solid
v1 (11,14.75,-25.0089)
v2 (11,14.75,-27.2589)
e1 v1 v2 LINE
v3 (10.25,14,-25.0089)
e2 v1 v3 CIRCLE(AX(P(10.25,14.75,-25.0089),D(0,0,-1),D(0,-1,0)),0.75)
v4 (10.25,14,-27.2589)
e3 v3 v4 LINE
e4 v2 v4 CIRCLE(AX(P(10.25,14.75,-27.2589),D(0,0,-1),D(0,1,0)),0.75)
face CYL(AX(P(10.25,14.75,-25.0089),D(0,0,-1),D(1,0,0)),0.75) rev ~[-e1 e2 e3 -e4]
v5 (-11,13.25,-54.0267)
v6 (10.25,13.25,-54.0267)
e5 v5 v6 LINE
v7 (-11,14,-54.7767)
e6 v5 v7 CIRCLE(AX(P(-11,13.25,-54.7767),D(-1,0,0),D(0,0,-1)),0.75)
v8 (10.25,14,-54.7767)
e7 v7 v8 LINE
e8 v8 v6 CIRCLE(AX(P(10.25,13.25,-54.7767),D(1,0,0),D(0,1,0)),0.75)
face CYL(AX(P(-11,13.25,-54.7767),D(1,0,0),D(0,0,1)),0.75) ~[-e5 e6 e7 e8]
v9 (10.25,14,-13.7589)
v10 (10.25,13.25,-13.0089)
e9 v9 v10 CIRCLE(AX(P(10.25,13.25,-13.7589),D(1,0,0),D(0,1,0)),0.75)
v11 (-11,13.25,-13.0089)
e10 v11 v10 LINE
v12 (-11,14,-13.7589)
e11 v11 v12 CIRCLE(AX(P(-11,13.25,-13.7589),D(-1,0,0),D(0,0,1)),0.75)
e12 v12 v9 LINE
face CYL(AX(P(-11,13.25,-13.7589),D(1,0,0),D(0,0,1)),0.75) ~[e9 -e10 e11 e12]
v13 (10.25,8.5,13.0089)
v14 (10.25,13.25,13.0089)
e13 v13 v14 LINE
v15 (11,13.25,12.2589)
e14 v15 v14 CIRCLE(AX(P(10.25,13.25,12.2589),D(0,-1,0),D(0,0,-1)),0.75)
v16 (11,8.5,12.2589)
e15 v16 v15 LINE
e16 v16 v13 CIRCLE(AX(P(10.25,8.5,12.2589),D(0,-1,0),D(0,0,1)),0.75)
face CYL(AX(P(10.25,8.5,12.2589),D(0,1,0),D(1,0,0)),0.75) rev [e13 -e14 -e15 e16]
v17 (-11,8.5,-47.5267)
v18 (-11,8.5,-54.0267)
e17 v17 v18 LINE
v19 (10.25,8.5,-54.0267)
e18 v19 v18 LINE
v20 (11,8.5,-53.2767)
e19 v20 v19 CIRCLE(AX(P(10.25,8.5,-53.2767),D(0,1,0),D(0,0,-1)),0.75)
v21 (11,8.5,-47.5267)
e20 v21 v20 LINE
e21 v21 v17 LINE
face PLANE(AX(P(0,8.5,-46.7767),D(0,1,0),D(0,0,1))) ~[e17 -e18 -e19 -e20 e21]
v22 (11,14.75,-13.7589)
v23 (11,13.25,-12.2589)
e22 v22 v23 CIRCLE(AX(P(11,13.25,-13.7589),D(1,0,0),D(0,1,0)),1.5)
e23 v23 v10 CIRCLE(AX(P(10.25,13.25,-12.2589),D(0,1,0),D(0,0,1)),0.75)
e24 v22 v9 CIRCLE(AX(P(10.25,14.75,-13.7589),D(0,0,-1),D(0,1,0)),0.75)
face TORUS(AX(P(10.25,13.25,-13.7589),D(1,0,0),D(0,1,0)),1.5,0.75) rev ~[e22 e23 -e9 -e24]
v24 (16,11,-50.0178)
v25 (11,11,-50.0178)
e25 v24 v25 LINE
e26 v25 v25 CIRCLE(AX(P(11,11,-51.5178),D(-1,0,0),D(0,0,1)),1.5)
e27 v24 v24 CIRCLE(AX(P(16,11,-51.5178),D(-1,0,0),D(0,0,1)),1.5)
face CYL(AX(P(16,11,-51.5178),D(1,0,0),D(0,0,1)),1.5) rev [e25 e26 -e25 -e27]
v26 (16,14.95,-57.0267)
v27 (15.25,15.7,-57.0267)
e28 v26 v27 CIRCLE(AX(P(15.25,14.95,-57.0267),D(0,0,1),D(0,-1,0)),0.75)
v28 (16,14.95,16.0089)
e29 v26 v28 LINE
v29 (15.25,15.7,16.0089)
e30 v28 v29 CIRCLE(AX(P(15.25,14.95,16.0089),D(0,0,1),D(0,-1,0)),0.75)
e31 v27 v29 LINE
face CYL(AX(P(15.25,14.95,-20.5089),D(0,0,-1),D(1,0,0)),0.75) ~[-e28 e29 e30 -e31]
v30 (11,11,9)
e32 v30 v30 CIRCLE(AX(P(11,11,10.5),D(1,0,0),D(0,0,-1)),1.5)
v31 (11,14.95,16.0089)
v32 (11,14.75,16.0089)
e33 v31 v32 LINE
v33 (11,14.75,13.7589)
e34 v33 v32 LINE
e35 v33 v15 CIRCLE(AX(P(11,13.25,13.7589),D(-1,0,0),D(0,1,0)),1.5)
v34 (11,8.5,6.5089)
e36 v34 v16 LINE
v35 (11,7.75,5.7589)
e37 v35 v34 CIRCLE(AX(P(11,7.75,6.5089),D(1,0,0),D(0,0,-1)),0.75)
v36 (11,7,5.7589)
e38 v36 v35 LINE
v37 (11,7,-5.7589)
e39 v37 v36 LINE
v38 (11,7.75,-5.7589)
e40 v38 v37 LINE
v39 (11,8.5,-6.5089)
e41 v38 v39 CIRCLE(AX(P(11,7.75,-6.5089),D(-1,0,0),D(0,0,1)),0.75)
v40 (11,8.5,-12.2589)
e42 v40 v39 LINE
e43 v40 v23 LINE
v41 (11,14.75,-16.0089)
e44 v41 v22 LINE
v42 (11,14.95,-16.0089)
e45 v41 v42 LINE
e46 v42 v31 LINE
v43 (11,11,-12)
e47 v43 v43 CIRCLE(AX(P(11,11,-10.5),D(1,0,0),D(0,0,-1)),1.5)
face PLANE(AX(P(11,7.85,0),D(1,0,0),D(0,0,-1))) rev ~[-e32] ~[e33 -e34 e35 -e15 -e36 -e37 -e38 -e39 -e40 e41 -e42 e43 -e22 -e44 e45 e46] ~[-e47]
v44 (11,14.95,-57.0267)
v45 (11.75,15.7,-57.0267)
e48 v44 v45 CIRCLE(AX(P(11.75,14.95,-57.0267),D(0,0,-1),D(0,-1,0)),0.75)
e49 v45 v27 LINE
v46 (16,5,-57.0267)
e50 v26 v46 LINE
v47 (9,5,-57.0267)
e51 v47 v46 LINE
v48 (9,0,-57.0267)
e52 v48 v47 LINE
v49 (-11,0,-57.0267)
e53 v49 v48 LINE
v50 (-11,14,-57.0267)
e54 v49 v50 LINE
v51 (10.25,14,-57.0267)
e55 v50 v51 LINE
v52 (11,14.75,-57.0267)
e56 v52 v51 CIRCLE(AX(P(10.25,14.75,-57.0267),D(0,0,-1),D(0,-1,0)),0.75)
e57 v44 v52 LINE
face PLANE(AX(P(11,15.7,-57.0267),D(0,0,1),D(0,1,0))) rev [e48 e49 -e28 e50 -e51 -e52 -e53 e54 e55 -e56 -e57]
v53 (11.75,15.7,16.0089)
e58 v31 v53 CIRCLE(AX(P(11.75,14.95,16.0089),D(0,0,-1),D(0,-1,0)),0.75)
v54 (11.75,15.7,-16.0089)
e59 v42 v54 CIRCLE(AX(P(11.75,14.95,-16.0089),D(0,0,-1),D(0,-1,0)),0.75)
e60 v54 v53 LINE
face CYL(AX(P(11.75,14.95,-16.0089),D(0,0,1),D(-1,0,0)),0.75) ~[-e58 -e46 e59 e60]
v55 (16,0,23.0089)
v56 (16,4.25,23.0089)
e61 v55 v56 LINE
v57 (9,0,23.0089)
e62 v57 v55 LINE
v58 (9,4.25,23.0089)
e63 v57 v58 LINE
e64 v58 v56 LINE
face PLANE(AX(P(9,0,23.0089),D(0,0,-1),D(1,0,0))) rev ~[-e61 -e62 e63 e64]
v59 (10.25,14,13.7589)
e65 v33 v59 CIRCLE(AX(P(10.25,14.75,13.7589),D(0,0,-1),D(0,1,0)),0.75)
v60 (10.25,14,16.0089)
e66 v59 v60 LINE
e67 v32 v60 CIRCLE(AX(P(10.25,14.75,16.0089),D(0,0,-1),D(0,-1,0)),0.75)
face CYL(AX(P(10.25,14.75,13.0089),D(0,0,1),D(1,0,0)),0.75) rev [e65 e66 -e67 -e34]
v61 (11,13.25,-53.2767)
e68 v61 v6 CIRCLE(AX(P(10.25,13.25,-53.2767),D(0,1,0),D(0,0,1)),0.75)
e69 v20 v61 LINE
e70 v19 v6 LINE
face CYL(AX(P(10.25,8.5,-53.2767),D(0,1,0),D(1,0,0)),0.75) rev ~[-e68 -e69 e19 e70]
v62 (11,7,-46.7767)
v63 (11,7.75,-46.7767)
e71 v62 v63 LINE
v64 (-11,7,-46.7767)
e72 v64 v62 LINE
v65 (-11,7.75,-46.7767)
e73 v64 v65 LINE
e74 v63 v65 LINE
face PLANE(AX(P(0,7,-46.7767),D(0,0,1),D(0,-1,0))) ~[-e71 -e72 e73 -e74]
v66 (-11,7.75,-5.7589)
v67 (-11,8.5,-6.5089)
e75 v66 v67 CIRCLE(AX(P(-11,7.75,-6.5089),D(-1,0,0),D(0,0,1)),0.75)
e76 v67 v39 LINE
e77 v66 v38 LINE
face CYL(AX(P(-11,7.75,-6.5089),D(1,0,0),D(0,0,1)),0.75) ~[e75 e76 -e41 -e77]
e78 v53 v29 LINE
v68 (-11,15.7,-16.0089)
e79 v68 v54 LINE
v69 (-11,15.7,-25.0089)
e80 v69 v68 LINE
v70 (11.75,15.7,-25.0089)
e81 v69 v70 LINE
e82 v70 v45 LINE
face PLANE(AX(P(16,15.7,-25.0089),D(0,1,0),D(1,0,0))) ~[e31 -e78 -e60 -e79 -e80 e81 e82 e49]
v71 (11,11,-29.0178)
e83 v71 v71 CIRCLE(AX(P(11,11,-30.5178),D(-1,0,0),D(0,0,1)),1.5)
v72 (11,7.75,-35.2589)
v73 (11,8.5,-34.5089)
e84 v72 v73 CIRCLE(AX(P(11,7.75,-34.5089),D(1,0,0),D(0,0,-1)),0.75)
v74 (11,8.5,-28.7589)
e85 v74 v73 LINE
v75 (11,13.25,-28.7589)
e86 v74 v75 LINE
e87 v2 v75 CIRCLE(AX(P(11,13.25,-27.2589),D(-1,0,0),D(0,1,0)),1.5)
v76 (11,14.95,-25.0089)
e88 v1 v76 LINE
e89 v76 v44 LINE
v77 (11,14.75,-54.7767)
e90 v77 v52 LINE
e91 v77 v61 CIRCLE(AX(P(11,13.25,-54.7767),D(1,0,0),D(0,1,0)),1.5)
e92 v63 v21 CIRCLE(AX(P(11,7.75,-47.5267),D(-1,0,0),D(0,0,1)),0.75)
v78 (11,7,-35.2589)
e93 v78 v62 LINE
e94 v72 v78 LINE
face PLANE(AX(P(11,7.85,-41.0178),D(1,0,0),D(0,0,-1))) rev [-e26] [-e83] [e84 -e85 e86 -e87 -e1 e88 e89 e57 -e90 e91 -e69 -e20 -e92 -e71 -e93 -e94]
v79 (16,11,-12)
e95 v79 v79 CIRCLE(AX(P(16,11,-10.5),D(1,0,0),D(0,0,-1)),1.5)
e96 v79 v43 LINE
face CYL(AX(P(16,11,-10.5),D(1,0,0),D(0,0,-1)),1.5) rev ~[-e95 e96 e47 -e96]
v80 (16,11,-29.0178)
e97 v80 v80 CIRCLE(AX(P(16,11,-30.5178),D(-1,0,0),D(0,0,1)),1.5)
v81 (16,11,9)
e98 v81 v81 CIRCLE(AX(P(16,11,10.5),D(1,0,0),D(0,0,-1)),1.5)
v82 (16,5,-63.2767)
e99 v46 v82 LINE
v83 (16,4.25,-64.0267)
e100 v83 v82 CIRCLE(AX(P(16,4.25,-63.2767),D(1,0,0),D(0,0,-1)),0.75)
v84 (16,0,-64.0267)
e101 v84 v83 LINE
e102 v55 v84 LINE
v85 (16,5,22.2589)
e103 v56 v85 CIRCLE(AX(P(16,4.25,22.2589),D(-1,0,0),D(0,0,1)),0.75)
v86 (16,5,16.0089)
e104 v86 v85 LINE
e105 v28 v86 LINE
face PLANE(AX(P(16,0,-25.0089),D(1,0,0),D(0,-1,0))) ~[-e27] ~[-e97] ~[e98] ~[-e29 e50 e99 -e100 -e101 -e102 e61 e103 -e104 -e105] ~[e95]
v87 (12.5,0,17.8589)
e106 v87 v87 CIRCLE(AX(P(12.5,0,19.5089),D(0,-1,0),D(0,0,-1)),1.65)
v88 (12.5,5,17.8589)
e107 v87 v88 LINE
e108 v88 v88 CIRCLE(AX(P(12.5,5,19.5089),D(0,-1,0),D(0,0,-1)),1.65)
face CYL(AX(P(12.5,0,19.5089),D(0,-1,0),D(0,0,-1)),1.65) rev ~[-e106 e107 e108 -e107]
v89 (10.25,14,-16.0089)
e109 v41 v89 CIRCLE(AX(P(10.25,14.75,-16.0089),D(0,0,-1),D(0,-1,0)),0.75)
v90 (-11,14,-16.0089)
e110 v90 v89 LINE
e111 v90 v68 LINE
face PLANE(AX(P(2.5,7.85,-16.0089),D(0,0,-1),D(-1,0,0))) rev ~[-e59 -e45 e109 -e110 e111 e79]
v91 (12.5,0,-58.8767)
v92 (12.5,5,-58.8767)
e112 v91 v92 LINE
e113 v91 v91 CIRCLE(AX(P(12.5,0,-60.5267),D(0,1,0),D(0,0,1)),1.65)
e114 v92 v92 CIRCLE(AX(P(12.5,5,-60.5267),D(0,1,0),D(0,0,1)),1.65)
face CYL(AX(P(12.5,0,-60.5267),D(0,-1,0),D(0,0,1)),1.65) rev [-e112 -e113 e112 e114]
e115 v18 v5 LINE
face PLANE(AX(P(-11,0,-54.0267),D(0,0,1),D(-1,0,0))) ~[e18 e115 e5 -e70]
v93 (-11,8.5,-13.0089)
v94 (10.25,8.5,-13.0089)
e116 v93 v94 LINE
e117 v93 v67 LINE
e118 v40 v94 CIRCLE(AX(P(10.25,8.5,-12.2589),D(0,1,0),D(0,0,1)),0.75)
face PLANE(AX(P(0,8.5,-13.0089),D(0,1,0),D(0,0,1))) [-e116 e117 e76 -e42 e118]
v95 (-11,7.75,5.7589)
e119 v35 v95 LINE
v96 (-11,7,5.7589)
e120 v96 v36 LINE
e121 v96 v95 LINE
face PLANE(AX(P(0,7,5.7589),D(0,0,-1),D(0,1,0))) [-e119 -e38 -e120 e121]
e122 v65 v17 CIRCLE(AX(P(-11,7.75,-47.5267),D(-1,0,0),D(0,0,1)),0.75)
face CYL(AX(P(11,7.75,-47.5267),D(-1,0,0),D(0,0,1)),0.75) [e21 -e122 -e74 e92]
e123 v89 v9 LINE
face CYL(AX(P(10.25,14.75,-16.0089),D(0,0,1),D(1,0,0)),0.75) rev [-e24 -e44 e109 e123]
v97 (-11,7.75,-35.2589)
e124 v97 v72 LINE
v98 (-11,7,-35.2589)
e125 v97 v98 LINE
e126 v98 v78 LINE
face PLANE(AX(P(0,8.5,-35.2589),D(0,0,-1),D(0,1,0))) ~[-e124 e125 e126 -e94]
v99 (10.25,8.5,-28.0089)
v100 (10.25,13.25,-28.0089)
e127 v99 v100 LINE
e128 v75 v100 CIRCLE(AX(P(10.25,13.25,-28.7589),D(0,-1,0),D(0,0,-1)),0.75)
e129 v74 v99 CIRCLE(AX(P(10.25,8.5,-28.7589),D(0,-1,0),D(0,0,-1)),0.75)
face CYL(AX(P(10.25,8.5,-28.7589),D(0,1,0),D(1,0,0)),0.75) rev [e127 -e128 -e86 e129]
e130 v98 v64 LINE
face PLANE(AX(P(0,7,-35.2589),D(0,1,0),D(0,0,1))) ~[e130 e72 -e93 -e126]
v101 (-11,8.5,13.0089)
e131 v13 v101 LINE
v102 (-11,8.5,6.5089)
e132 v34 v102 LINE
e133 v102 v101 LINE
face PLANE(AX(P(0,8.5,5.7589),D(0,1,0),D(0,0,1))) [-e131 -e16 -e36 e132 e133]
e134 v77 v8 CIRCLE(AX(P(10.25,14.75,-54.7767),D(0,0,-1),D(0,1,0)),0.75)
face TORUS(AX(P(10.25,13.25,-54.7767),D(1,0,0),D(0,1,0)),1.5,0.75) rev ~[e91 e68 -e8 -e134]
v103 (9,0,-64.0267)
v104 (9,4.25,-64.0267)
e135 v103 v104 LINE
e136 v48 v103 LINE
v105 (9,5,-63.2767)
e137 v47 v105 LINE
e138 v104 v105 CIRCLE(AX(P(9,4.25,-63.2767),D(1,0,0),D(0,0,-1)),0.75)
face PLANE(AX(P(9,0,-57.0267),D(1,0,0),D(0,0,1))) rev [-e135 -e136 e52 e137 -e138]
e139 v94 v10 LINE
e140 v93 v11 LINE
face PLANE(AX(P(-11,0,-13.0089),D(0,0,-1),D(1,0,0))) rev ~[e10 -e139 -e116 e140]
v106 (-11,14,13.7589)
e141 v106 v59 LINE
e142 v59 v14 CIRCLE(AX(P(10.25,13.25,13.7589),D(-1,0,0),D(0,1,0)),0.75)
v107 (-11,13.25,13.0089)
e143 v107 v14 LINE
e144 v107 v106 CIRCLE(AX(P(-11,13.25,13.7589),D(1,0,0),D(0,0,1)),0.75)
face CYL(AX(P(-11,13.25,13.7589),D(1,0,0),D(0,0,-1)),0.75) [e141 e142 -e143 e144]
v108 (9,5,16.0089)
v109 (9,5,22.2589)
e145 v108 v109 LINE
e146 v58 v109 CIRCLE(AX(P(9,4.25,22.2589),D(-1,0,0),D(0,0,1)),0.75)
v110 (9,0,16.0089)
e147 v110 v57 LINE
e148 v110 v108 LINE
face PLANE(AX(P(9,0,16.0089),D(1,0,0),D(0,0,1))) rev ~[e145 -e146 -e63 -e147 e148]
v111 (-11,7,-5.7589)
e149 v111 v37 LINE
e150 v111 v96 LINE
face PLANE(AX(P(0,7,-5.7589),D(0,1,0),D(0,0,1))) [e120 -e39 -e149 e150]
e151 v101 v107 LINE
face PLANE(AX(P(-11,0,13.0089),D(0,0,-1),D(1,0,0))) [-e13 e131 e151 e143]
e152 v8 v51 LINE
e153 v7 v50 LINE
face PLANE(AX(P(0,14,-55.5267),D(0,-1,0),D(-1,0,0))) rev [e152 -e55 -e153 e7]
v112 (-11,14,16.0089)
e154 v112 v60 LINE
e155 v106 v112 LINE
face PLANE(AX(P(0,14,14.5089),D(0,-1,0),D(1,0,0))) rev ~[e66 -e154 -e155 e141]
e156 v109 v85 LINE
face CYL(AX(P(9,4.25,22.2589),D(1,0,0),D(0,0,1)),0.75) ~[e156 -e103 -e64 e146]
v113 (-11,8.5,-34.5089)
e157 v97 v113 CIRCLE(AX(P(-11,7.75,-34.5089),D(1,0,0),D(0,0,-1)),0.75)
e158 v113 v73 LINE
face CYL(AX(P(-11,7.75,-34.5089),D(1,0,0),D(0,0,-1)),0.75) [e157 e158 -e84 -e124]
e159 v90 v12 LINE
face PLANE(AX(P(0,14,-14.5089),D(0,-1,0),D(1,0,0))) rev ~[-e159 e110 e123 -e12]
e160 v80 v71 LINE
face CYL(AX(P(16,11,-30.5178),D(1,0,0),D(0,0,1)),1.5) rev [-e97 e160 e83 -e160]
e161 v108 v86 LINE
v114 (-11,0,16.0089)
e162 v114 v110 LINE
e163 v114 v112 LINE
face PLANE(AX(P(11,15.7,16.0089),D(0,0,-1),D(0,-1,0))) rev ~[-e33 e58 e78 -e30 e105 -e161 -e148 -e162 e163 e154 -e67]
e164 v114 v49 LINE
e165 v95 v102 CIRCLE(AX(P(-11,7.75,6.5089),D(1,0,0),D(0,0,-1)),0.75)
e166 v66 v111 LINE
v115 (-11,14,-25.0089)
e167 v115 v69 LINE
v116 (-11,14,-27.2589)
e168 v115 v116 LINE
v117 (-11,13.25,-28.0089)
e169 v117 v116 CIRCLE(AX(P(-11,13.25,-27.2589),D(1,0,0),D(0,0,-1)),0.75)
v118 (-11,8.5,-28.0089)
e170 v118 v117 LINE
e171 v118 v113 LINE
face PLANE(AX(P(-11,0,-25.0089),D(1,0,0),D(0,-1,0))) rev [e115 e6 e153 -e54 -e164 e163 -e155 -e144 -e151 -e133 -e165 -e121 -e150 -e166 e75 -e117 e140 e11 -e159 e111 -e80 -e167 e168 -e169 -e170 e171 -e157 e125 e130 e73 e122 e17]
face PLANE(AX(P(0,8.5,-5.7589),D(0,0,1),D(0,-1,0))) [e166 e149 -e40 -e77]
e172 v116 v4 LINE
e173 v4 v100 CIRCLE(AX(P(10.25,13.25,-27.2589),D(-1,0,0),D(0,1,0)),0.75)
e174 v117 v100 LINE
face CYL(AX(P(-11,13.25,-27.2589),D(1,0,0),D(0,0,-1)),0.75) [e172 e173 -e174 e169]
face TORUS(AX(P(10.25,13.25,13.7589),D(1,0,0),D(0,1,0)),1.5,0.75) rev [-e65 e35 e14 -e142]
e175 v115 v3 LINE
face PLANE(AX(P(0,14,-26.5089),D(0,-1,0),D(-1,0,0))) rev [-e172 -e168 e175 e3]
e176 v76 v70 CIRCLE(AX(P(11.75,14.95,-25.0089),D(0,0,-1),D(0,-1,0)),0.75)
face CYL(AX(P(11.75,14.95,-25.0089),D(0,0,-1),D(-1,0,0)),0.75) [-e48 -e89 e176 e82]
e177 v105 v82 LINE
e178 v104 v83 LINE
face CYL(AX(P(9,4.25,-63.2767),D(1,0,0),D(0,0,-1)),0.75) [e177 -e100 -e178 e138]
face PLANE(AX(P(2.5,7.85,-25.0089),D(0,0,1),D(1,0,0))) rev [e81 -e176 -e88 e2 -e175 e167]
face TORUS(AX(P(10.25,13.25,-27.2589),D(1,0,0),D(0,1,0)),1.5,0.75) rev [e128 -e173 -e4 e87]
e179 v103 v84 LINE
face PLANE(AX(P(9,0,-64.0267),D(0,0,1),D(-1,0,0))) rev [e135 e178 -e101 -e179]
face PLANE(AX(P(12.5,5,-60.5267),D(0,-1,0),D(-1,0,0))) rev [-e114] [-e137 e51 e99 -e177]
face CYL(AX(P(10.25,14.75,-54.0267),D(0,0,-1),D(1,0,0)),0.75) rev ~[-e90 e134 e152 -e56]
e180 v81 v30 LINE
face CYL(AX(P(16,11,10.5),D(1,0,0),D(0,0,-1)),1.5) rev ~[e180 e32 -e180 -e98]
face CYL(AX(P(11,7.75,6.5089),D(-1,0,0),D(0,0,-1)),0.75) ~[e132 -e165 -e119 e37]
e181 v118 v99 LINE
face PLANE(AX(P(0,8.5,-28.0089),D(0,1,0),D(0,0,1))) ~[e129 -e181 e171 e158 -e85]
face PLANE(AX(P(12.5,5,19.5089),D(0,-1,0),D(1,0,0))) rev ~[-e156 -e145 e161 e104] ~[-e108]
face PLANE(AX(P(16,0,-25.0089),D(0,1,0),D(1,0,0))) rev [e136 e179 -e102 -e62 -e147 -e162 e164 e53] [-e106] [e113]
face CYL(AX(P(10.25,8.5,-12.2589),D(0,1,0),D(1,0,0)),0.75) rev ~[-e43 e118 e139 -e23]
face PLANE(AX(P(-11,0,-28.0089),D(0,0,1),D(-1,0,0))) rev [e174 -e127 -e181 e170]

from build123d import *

# Parameters (mm, degrees)
BOSS_EXTRUDE1_DEPTH = 11
SKETCH3_W           = 22
SKETCH3_H           = 3
BOSS_EXTRUDE2_DEPTH = 14
BOSS_EXTRUDE3_DEPTH = 5
SKETCH5_R           = 1.5
CUT_EXTRUDE1_DEPTH  = 36.096650541
SKETCH6_W           = 7
SKETCH6_H           = 7
BOSS_EXTRUDE4_DEPTH = 5
SKETCH10_R          = 1.65
CUT_EXTRUDE2_DEPTH  = 33.123192233
SKETCH8_W           = 27
SKETCH8_H           = 15.7
BOSS_EXTRUDE5_DEPTH = 4.5
FILLET1_R           = 0.75


with BuildPart() as part:
    # Sketch1 → Boss-Extrude1 (new, symmetric)
    with BuildSketch(Plane(origin=(0, 0, 0), x_dir=(0, 0, -1), z_dir=(1, 0, 0))):
        Polygon((-13.0089, 0), (13.0089, 0), (13.0089, 8.5), (5.7589, 8.5), (5.7589, 7), (-5.7589, 7), (-5.7589, 8.5), (-13.0089, 8.5), align=None)
    extrude(amount=BOSS_EXTRUDE1_DEPTH, both=True)

    # Sketch3 → Boss-Extrude2 (add)
    with BuildSketch(Plane.XZ):
        with Locations((0, -14.5089)):
            Rectangle(SKETCH3_W, SKETCH3_H)
        with Locations((0, 14.5089)):
            Rectangle(SKETCH3_W, SKETCH3_H)
    extrude(amount=-BOSS_EXTRUDE2_DEPTH)

    # Sketch4 → Boss-Extrude3 (add)
    with BuildSketch(Plane(origin=(11, 0, 0), x_dir=(0, 0, -1), z_dir=(1, 0, 0))):
        Polygon((-8.8, 15.7), (-16.0089, 15.7), (-16.0089, 0), (16.0089, 0), (16.0089, 15.7), align=None)
    extrude(amount=BOSS_EXTRUDE3_DEPTH)

    # Sketch5 → Cut-Extrude1 (cut, through all)
    with BuildSketch(Plane(origin=(16, 0, 0), x_dir=(0, 0, -1), z_dir=(1, 0, 0))):
        with Locations((-10.5, 11)):
            Circle(SKETCH5_R)
        with Locations((10.5, 11)):
            Circle(SKETCH5_R)
    extrude(amount=-CUT_EXTRUDE1_DEPTH, mode=Mode.SUBTRACT)

    # Sketch6 → Boss-Extrude4 (add)
    with BuildSketch(Plane.XZ):
        with Locations((12.5, 19.5089)):
            Rectangle(SKETCH6_W, SKETCH6_H)
    extrude(amount=-BOSS_EXTRUDE4_DEPTH)

    # Sketch10 → Cut-Extrude2 (cut, through all)
    with BuildSketch(Plane.XZ):
        with Locations(Location((12.5, 19.5089, 0), (0, 0, 270))):
            Circle(SKETCH10_R)
    extrude(amount=-CUT_EXTRUDE2_DEPTH, mode=Mode.SUBTRACT)

    # Sketch8 → Boss-Extrude5 (add)
    with BuildSketch(Plane(origin=(0, 0, -16.0089), x_dir=(-1, 0, 0), z_dir=(0, 0, -1))):
        with Locations((-2.5, 7.85)):
            Rectangle(SKETCH8_W, SKETCH8_H)
    extrude(amount=BOSS_EXTRUDE5_DEPTH)

    # Fillet1
    fillet1_edges = [part.edges().sort_by_distance(p)[0] for p in [
        (0, 8.5, 5.7589),
        (0, 8.5, -5.7589),
        (0, 14, -13.0089),
        (11, 14, -14.5089),
        (11, 11.25, -13.0089),
        (11, 14, 14.5089),
        (11, 11.25, 13.0089),
        (0, 14, 13.0089),
        (11, 15.7, 0),
        (16, 15.7, -2.25),
        (12.5, 5, 23.0089),
    ]]
    fillet(fillet1_edges, radius=FILLET1_R)

    # Mirror6: part across plane


with BuildPart() as part_1:
    add(part.part)
    add(part.part.mirror(Plane(origin=(0, 0, -20.5089), x_dir=(1, 0, 0), z_dir=(0, 0, -1))))


solid = part_1.part
